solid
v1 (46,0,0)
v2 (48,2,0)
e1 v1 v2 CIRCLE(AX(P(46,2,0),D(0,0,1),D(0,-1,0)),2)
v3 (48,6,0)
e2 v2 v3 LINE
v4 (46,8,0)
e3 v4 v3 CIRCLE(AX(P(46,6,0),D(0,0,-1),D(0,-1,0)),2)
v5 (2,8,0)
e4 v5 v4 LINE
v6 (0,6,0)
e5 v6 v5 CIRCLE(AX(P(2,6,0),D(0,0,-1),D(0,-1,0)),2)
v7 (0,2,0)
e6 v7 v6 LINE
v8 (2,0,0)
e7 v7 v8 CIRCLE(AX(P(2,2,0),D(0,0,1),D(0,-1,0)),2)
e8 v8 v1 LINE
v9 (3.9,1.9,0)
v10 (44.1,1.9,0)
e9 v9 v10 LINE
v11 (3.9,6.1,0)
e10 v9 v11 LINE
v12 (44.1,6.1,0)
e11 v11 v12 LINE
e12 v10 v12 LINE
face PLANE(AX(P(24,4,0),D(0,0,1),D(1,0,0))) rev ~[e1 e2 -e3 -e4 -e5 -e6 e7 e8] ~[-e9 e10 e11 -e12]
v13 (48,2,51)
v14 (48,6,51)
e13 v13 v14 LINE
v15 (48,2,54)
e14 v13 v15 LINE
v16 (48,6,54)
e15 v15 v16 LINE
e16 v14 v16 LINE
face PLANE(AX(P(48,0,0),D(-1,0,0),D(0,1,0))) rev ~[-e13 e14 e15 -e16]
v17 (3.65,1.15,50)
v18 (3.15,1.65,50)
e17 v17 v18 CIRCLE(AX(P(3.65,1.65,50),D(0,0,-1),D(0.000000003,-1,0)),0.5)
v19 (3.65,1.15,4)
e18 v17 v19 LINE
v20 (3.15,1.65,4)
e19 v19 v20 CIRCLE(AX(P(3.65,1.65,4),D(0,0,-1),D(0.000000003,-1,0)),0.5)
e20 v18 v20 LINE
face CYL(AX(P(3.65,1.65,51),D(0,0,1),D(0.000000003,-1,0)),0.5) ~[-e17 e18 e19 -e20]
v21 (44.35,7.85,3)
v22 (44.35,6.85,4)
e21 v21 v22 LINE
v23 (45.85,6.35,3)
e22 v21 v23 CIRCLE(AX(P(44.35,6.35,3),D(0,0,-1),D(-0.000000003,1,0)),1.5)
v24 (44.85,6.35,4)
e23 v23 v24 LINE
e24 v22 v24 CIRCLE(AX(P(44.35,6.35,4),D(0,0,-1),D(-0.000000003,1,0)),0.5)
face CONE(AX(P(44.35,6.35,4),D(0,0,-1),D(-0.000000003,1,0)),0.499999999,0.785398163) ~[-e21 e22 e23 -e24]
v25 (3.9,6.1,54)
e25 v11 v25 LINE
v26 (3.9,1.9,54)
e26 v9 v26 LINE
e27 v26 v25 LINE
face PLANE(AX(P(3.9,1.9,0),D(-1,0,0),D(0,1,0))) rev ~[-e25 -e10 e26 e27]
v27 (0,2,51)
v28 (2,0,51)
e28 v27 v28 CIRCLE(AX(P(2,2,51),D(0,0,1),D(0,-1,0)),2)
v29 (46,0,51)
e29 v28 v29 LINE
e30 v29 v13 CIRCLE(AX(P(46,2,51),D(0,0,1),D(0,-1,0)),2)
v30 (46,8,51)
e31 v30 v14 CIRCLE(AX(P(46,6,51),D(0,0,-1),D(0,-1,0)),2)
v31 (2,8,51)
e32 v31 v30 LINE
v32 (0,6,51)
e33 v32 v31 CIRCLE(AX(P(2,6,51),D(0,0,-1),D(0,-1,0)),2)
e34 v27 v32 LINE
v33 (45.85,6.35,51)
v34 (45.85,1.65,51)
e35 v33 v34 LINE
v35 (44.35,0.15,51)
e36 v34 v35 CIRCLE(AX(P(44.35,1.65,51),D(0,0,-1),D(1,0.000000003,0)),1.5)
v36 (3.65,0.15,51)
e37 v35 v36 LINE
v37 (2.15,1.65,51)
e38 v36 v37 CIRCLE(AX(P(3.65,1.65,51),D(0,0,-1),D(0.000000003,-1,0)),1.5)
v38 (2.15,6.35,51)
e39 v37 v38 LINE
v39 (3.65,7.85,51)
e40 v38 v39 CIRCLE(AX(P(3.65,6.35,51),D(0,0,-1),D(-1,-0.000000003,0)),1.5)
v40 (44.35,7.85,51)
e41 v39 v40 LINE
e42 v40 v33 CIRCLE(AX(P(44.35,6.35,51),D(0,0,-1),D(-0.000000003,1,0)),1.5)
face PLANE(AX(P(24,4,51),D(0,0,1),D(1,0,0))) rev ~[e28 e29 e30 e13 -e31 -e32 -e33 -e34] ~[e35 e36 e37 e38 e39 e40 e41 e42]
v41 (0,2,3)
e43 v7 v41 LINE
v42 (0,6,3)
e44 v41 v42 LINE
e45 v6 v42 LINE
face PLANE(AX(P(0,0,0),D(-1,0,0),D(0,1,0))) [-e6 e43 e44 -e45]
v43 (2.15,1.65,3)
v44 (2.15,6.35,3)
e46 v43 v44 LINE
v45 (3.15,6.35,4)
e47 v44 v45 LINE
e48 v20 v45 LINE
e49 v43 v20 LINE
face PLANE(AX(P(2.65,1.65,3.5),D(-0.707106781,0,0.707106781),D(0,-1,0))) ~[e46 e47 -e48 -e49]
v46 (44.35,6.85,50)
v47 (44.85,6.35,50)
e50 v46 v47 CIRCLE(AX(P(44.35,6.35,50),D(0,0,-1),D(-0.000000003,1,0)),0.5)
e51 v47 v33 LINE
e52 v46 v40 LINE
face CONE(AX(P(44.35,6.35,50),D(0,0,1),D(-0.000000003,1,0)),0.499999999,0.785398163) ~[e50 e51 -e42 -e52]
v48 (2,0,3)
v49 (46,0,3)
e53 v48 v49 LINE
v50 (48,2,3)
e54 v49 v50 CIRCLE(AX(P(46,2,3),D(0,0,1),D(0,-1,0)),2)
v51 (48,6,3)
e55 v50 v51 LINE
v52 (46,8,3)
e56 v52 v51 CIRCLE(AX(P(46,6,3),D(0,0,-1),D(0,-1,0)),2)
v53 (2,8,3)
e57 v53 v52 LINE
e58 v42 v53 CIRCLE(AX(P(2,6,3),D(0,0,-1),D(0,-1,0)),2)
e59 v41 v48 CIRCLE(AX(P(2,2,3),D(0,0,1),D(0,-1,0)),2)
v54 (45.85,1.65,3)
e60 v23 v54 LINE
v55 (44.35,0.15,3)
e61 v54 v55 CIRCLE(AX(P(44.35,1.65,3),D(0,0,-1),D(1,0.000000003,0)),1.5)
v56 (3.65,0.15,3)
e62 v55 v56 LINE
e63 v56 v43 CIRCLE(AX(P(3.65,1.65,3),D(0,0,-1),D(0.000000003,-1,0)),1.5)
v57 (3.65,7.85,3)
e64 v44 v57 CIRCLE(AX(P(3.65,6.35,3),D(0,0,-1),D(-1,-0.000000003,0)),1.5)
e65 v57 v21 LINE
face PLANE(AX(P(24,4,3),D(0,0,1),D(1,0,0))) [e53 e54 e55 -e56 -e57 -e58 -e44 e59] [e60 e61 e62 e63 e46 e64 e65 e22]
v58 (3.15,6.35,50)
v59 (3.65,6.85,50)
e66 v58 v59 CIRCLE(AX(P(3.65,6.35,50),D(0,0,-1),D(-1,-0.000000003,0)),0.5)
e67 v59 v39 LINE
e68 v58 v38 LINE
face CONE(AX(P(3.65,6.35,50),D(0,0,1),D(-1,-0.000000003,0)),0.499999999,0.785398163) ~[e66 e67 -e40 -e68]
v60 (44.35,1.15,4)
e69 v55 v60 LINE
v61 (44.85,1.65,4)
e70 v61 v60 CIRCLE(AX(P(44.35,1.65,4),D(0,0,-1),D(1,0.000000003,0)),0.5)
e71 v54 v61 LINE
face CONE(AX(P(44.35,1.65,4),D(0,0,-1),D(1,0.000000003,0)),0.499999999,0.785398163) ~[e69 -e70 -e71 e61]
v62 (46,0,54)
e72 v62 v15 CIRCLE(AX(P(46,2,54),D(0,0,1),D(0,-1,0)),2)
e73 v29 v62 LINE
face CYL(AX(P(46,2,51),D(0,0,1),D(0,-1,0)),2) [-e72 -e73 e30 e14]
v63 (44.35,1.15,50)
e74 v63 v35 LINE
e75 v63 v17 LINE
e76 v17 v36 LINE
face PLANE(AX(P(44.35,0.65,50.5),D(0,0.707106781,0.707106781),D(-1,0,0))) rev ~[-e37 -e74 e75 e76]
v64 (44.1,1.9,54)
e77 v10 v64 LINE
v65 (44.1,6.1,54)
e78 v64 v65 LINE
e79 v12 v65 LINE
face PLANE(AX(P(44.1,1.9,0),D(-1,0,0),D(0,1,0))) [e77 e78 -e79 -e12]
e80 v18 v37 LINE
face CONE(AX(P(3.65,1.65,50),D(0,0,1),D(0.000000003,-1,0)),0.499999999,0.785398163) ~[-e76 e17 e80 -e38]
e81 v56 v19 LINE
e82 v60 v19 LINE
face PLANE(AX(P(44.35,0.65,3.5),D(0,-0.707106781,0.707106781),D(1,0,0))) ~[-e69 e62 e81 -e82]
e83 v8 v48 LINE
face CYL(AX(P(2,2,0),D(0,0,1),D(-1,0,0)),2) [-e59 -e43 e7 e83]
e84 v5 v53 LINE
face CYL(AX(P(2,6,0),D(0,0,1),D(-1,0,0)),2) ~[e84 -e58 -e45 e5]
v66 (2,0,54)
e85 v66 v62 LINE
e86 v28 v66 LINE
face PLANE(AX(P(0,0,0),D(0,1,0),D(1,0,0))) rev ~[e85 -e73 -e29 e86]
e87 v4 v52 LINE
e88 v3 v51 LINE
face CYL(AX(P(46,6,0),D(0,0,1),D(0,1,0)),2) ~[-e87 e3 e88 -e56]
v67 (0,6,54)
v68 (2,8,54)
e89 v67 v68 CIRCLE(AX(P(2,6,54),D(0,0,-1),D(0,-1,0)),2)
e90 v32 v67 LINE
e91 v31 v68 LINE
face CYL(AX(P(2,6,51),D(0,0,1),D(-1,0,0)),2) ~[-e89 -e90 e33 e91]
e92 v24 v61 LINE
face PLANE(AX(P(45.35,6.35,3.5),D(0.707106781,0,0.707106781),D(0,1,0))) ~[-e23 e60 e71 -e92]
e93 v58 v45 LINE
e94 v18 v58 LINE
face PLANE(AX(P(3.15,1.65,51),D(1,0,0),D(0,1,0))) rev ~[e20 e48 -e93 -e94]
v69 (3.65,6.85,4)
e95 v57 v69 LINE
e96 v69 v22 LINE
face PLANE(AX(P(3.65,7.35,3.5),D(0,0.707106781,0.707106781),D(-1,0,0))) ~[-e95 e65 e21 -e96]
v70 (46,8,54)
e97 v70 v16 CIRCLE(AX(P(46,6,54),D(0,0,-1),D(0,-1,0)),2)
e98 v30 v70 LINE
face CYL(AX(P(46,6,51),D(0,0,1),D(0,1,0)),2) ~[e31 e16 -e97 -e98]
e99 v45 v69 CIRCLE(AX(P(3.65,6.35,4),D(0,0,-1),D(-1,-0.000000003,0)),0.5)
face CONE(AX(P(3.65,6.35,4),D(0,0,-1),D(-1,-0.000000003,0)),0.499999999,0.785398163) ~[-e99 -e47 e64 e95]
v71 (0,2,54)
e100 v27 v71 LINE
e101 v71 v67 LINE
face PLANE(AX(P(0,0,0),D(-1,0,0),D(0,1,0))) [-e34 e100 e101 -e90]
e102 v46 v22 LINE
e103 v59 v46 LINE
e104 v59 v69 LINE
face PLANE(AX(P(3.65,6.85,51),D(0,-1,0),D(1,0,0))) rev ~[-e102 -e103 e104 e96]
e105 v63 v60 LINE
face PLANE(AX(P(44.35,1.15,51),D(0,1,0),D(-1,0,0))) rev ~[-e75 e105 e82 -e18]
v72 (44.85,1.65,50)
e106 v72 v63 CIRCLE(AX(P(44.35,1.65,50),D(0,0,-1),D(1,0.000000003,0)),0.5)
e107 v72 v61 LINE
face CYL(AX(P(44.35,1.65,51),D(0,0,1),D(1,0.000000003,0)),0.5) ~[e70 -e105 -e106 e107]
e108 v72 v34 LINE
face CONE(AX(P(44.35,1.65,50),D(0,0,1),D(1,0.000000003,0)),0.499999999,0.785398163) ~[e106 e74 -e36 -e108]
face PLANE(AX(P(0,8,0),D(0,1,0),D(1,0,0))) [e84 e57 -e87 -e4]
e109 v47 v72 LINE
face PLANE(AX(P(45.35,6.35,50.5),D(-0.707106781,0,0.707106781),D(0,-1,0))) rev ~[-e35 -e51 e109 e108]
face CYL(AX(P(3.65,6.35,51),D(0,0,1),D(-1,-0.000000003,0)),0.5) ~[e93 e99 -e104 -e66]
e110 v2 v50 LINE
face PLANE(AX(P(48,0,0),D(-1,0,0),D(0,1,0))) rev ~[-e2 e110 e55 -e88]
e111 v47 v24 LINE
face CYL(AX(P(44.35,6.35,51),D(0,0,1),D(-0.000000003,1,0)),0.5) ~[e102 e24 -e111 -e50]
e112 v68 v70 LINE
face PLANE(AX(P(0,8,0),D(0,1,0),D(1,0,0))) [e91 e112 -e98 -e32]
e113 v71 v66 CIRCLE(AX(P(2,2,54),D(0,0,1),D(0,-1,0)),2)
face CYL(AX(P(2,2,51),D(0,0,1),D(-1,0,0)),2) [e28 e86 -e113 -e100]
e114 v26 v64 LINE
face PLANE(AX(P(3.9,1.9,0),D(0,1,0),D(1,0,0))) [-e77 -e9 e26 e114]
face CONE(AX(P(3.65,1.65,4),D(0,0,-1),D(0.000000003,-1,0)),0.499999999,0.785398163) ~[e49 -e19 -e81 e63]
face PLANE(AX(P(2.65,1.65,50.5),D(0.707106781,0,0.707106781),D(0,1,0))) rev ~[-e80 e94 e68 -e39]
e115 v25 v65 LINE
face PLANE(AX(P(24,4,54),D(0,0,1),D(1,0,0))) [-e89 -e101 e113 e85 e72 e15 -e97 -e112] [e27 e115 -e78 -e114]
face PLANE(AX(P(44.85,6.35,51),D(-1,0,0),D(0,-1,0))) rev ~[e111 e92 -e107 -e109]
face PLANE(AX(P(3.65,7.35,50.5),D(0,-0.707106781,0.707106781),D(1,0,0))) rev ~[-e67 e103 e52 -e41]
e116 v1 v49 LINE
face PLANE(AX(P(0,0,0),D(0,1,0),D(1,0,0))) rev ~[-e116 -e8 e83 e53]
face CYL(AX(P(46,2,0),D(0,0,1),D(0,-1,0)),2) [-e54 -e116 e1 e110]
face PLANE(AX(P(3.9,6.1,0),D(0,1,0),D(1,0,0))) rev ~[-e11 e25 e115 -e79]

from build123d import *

# Parameters (mm, degrees)
SKETCH1_W           = 48
SKETCH1_H           = 8
SKETCH1_W_2         = 40.2
SKETCH1_H_2         = 4.2
BOSS_EXTRUDE1_DEPTH = 54
CUT_EXTRUDE1_START  = -3
SKETCH2_OUTSIDE_W   = 64.538
SKETCH2_OUTSIDE_H   = 24.538
CUT_EXTRUDE1_DEPTH  = 48
FILLET1_R           = 2
CHAMFER1_SIZE       = 1


with BuildPart() as part:
    # Sketch1 → Boss-Extrude1 (new body)
    with BuildSketch(Plane.XY):
        with Locations((24, 4)):
            Rectangle(SKETCH1_W, SKETCH1_H)
        with Locations((24, 4)):
            Rectangle(SKETCH1_W_2, SKETCH1_H_2, mode=Mode.SUBTRACT)
    extrude(amount=BOSS_EXTRUDE1_DEPTH)

    # Sketch2 outside → Cut-Extrude1 (cut)
    with BuildSketch(Plane.XY.offset(54).offset(CUT_EXTRUDE1_START)):
        with Locations((24, 4)):
            Rectangle(SKETCH2_OUTSIDE_W, SKETCH2_OUTSIDE_H)
        with BuildLine():
            Line((3.65, 6.85), (44.35, 6.85))
            ThreePointArc((44.35, 6.85), (44.703553391, 6.703553391), (44.85, 6.35))
            Line((44.85, 6.35), (44.85, 1.65))
            ThreePointArc((44.85, 1.65), (44.703553391, 1.296446609), (44.35, 1.15))
            Line((44.35, 1.15), (3.65, 1.15))
            ThreePointArc((3.65, 1.15), (3.296446609, 1.296446609), (3.15, 1.65))
            Line((3.15, 1.65), (3.15, 6.35))
            ThreePointArc((3.15, 6.35), (3.296446609, 6.703553391), (3.65, 6.85))
        make_face(mode=Mode.SUBTRACT)
    extrude(amount=-CUT_EXTRUDE1_DEPTH, mode=Mode.SUBTRACT)

    # Fillet1
    fillet1_edges = [part.edges().sort_by_distance(p)[0] for p in [
        (48, 0, 1.5),
        (0, 0, 1.5),
        (0, 8, 1.5),
        (48, 8, 1.5),
        (48, 0, 52.5),
        (0, 0, 52.5),
        (0, 8, 52.5),
        (48, 8, 52.5),
    ]]
    fillet(fillet1_edges, radius=FILLET1_R)

    # Chamfer1
    chamfer1_edges = [part.edges().sort_by_distance(p)[0] for p in [
        (3.15, 4, 3),
        (3.296446609, 1.296446609, 3),
        (24, 1.15, 3),
        (44.703553391, 1.296446609, 3),
        (44.85, 4, 3),
        (44.703553391, 6.703553391, 3),
        (24, 6.85, 3),
        (3.296446609, 6.703553391, 3),
        (3.296446609, 1.296446609, 51),
        (3.15, 4, 51),
        (3.296446609, 6.703553391, 51),
        (24, 6.85, 51),
        (44.703553391, 6.703553391, 51),
        (44.85, 4, 51),
        (44.703553391, 1.296446609, 51),
        (24, 1.15, 51),
    ]]
    chamfer(chamfer1_edges, length=CHAMFER1_SIZE)


solid = part.part
